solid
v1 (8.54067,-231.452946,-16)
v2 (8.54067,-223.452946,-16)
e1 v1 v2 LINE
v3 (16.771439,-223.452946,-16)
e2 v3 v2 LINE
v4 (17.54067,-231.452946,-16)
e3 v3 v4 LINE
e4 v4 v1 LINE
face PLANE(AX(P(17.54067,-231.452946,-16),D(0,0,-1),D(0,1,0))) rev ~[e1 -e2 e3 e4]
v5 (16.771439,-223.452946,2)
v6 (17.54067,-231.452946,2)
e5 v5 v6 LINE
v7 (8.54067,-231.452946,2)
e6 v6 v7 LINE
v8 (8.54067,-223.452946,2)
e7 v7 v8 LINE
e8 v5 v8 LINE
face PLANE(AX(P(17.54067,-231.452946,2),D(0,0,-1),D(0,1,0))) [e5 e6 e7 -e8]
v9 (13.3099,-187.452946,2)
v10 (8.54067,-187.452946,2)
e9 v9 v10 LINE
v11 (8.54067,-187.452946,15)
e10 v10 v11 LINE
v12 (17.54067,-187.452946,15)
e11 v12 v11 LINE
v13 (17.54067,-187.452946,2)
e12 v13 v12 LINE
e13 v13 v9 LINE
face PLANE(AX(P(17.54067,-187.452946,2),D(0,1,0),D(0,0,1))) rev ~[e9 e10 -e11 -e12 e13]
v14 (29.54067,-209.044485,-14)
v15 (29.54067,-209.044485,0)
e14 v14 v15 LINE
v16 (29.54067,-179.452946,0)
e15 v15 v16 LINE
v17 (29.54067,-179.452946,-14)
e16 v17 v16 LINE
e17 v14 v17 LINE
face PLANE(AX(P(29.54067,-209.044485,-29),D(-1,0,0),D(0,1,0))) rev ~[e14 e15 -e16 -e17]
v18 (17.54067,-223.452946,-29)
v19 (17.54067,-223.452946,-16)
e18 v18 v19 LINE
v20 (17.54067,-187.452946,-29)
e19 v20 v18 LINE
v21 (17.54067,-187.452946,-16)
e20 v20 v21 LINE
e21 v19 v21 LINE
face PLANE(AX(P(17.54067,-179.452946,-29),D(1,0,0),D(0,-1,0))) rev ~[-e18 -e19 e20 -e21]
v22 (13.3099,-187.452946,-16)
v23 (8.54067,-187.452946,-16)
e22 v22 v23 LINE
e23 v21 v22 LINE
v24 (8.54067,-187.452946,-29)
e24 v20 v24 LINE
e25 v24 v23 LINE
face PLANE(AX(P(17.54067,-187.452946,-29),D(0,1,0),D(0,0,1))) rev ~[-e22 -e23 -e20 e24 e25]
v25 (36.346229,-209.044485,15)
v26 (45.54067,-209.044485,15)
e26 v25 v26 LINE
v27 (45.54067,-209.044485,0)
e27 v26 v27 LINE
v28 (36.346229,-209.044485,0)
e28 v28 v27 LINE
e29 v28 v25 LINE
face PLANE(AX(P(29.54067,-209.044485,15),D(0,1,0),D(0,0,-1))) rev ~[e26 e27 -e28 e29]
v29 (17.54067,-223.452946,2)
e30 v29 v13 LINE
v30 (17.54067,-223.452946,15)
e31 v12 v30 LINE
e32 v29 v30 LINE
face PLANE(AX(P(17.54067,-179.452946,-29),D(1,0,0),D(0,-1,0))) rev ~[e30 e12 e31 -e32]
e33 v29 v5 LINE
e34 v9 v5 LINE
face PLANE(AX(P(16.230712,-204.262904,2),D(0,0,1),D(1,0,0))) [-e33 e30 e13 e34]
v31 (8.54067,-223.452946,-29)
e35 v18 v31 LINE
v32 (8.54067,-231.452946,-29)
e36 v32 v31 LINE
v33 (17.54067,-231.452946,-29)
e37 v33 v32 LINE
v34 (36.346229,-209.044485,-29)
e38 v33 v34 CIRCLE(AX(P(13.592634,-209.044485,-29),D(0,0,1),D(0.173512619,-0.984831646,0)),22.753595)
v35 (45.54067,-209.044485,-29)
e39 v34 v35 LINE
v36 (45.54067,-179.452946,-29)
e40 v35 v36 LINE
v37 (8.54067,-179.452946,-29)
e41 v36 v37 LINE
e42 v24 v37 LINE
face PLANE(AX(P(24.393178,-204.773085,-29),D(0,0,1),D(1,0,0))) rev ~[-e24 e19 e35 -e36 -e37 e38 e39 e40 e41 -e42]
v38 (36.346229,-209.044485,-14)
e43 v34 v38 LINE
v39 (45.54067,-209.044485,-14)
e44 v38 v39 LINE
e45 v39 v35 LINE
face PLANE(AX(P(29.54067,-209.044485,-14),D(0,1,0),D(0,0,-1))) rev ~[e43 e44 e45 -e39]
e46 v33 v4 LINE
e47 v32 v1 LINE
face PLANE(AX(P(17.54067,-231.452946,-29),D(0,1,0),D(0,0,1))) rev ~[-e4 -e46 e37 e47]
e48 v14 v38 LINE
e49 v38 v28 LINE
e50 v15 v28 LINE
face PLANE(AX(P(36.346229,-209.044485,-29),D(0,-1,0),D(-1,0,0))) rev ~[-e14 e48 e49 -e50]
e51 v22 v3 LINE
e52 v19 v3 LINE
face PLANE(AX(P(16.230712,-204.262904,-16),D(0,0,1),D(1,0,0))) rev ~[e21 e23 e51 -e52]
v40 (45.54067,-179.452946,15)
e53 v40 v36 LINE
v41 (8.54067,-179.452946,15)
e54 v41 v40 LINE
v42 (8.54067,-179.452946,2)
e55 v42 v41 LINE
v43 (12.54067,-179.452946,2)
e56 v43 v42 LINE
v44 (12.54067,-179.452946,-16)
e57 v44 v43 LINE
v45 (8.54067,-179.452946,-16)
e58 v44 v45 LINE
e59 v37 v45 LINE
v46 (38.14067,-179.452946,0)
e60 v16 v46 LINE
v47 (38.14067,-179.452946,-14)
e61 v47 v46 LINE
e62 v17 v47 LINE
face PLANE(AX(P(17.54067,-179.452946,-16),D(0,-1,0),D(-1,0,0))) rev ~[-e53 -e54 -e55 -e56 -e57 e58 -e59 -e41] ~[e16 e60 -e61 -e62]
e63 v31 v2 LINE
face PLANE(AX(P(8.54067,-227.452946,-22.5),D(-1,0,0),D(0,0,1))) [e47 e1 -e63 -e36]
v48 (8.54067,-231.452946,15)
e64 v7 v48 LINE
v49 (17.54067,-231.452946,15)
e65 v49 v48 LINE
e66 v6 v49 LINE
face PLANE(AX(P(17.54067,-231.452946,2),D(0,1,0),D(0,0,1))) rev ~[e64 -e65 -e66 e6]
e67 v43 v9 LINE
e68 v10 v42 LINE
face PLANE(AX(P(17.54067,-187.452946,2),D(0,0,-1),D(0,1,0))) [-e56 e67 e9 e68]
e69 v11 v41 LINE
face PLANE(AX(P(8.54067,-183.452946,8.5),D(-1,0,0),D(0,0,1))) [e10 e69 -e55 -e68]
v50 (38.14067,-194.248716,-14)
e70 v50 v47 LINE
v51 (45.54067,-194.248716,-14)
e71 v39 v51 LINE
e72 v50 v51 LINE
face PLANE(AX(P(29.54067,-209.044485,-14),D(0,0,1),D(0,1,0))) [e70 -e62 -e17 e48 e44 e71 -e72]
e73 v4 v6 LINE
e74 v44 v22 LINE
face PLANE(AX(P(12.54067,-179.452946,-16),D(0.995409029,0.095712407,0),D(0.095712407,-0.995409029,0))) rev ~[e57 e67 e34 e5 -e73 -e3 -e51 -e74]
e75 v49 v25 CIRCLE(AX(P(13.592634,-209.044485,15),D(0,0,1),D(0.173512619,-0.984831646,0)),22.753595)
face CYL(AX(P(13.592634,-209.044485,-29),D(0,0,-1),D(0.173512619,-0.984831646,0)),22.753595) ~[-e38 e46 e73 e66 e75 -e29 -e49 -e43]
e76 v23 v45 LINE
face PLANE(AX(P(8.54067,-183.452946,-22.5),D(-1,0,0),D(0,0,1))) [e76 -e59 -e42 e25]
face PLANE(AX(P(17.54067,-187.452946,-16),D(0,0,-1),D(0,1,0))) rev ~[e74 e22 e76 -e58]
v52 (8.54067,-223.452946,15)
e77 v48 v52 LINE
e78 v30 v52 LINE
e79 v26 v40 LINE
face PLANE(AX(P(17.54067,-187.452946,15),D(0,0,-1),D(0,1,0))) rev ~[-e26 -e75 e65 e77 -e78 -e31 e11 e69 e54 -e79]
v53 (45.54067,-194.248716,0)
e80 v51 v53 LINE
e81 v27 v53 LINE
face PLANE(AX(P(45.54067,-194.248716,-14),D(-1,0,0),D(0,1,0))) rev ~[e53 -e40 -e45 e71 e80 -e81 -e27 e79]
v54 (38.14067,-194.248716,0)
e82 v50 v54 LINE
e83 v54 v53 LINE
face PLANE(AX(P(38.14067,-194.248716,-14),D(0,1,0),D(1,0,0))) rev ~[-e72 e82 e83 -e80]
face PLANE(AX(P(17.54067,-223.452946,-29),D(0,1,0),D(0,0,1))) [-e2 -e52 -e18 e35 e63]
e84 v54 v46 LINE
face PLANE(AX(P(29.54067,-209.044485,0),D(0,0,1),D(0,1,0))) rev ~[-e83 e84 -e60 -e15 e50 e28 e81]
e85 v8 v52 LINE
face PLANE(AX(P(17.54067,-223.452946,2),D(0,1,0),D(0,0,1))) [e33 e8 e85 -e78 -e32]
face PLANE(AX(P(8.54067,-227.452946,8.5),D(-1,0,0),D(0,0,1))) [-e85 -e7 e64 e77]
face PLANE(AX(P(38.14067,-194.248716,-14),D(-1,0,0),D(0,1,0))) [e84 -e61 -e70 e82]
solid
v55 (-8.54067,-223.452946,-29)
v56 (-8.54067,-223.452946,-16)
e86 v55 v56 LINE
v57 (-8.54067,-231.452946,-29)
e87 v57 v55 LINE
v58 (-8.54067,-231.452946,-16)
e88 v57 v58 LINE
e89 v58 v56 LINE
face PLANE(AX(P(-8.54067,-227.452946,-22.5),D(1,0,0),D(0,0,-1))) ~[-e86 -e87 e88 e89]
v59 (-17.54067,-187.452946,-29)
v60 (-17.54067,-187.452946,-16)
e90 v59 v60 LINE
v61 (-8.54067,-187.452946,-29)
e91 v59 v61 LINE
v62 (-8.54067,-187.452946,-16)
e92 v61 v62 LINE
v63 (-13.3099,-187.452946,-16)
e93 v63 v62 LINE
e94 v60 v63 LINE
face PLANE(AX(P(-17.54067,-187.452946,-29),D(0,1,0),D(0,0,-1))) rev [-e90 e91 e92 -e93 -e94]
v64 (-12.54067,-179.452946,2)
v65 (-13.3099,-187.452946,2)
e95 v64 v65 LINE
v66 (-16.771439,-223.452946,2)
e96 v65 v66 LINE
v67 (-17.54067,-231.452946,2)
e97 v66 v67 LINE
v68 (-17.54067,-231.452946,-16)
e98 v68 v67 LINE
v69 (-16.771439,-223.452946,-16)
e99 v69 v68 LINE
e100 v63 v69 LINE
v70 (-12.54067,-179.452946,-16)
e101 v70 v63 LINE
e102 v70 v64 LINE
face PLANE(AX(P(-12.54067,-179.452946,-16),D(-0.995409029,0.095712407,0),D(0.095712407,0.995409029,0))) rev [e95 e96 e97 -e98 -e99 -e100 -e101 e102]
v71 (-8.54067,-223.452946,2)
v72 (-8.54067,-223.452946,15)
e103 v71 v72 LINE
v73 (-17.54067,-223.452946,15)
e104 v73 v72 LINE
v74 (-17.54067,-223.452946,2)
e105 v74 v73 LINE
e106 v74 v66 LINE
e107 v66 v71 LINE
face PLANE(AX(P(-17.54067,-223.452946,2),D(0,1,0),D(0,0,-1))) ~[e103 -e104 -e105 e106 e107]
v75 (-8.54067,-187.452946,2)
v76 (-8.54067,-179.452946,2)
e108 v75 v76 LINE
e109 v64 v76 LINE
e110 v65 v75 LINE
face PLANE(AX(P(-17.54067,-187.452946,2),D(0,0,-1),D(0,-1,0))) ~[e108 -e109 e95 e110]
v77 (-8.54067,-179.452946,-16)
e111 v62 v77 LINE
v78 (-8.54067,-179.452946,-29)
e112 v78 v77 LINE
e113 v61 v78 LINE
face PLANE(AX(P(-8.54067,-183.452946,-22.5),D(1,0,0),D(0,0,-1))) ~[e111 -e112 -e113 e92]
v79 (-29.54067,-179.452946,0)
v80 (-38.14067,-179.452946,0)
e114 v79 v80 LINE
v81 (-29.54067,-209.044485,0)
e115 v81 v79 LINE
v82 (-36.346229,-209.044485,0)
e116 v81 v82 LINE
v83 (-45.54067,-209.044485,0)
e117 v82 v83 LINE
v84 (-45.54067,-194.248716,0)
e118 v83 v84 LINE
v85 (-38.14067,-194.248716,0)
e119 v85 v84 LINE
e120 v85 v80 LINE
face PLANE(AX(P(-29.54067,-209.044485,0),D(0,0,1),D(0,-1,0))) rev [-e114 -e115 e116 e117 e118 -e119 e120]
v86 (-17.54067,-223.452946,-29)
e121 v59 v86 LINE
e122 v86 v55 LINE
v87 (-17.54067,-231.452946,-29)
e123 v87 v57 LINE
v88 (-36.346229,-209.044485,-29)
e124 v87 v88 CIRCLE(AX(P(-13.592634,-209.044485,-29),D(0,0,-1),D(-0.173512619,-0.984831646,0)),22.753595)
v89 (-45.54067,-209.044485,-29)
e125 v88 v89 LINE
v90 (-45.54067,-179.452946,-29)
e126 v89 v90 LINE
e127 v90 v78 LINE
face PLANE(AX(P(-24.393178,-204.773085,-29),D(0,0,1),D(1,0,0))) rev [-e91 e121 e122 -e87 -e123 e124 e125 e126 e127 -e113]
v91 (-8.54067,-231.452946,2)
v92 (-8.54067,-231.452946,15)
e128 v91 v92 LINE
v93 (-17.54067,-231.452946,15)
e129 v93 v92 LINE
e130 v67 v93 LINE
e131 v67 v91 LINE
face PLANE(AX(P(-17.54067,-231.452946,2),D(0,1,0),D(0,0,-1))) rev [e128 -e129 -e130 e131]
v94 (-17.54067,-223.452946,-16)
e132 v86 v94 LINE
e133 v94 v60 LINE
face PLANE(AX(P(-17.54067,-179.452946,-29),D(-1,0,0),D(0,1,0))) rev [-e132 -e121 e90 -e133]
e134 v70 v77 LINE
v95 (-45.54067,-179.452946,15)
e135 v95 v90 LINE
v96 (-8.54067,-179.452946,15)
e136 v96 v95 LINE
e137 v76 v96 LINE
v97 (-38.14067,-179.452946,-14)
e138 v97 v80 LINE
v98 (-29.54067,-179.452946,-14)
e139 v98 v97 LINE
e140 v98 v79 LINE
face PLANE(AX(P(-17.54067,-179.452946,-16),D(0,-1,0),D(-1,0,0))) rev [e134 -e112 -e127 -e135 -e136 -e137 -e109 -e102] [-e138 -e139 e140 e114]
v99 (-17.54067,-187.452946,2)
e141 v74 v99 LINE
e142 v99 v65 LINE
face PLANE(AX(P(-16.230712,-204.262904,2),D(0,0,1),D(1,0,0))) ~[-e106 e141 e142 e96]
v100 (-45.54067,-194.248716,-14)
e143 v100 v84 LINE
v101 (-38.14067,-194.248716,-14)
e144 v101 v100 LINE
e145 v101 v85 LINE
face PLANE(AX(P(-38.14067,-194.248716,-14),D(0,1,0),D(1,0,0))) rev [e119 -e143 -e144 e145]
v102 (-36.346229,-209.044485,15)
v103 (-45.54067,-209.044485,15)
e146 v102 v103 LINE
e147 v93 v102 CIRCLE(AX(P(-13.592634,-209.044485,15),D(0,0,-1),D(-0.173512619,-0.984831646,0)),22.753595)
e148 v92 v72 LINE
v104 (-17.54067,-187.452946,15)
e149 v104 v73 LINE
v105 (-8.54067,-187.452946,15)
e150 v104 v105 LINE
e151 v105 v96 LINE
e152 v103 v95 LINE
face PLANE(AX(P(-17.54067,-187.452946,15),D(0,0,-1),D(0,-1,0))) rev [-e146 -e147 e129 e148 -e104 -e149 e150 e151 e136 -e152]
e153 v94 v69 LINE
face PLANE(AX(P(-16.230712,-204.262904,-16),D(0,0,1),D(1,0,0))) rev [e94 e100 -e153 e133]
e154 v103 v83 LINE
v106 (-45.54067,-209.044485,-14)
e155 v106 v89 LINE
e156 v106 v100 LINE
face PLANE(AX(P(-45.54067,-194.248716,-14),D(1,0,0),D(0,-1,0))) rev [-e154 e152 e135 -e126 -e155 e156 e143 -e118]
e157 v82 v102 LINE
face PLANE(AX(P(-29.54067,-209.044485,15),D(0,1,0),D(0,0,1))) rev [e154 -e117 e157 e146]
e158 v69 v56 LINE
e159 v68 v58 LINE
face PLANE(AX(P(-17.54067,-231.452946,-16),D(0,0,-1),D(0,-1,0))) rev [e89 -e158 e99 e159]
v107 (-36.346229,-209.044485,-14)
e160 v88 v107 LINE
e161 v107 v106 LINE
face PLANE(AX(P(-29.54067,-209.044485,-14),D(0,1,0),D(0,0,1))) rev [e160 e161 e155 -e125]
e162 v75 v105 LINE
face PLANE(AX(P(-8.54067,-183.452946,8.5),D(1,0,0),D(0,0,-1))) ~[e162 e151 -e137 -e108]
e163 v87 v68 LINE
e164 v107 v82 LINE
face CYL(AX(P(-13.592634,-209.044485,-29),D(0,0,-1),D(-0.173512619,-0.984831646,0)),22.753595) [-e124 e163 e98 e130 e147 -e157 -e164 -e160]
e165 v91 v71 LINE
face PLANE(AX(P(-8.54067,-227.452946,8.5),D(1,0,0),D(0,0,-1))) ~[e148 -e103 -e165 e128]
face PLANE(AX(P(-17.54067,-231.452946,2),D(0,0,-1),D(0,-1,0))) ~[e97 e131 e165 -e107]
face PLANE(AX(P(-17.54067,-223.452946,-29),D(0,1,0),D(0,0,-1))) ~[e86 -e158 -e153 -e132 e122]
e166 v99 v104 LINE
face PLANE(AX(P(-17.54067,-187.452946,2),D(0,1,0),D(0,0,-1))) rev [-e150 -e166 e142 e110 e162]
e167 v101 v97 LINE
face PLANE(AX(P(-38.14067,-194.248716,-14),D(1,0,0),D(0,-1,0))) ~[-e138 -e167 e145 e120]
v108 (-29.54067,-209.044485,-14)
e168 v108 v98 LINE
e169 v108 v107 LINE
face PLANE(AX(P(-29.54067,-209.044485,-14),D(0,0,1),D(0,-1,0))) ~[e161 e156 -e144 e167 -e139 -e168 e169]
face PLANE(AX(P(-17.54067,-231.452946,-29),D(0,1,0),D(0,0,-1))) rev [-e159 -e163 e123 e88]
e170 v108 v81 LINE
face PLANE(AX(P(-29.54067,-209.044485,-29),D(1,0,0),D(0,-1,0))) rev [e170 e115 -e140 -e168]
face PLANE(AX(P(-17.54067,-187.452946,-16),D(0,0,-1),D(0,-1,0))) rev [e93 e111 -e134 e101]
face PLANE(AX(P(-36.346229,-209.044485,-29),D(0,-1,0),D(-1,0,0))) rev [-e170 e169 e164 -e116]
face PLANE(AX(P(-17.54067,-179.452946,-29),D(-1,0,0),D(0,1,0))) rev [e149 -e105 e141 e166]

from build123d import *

# Parameters (mm, degrees)
EXTRUDE_1_DEPTH      = 15
EXTRUDE_1_DEPTH_BACK = 29
SKETCH_7_W           = 15
SKETCH_7_H           = 29.591539244
EXTRUDE_3_DEPTH      = 16
SKETCH_11_W          = 7.4
SKETCH_11_H          = 14.795769622
EXTRUDE_13_DEPTH     = 14
SKETCH_13_W          = 13
SKETCH_13_H          = 8
EXTRUDE_16_DEPTH     = 9
EXTRUDE_17_DEPTH     = 18


with BuildPart() as part:
    # 스케치2 → 보스-돌출1 (new, two sides: drawn at the far end of the back side and taken through both)
    with BuildSketch(Plane(origin=(-51.367729061, 0, 0), x_dir=(1, 0, 0), z_dir=(0, 0, 1)).offset(-EXTRUDE_1_DEPTH_BACK)):
        with BuildLine():
            Line((80.908398657, -179.452946096), (68.908398657, -179.452946096))
            Line((68.908398657, -179.452946096), (68.908398657, -231.452946096))
            ThreePointArc((68.908398657, -231.452946096), (82.389621369, -223.671414091), (87.713958083, -209.04448534))
            Line((87.713958083, -209.04448534), (80.908398657, -209.04448534))
            Line((80.908398657, -209.04448534), (80.908398657, -179.452946096))
        make_face()
    extrude(amount=EXTRUDE_1_DEPTH + EXTRUDE_1_DEPTH_BACK)

    # 스케치7 → 보스-돌출3 (add)
    with BuildSketch(Plane(origin=(29.540669597, 0, 0), x_dir=(0, 0, -1), z_dir=(1, 0, 0))):
        with Locations((-7.5, -194.248715718)):
            Rectangle(SKETCH_7_W, SKETCH_7_H)
        with Locations((21.5, -194.248715718)):
            Rectangle(SKETCH_7_W, SKETCH_7_H)
    extrude(amount=EXTRUDE_3_DEPTH)

    # 스케치11 → 보스-돌출13 (add)
    with BuildSketch(Plane(origin=(-11.922476153, 0, -14), x_dir=(1, 0, 0), z_dir=(0, 0, 1))):
        with Locations((53.76314575, -186.850830907)):
            Rectangle(SKETCH_11_W, SKETCH_11_H)
    extrude(amount=EXTRUDE_13_DEPTH)

    # 스케치13 → 보스-돌출16 (add)
    with BuildSketch(Plane.ZY.offset(-17.540669597)):
        with Locations((8.5, -183.452946096)):
            Rectangle(SKETCH_13_W, SKETCH_13_H)
        with Locations((-22.5, -183.452946096)):
            Rectangle(SKETCH_13_W, SKETCH_13_H)
        with Locations((-22.5, -227.452946096)):
            Rectangle(SKETCH_13_W, SKETCH_13_H)
        with Locations((8.5, -227.452946096)):
            Rectangle(SKETCH_13_W, SKETCH_13_H)
    extrude(amount=EXTRUDE_16_DEPTH)

    # 스케치14 → 보스-돌출17 (add)
    with BuildSketch(Plane.XY.offset(-16)):
        Polygon((17.540669597, -179.452946096), (12.540669597, -179.452946096), (17.540669597, -231.452946096), align=None)
    extrude(amount=EXTRUDE_17_DEPTH)


with BuildPart() as body_2:
    # 대칭 복사2: mirrored copy
    add(part.part.mirror(Plane(origin=(0, 0, 0), x_dir=(0, 0, 1), z_dir=(1, 0, 0))))


solid = Compound([part.part, body_2.part])
